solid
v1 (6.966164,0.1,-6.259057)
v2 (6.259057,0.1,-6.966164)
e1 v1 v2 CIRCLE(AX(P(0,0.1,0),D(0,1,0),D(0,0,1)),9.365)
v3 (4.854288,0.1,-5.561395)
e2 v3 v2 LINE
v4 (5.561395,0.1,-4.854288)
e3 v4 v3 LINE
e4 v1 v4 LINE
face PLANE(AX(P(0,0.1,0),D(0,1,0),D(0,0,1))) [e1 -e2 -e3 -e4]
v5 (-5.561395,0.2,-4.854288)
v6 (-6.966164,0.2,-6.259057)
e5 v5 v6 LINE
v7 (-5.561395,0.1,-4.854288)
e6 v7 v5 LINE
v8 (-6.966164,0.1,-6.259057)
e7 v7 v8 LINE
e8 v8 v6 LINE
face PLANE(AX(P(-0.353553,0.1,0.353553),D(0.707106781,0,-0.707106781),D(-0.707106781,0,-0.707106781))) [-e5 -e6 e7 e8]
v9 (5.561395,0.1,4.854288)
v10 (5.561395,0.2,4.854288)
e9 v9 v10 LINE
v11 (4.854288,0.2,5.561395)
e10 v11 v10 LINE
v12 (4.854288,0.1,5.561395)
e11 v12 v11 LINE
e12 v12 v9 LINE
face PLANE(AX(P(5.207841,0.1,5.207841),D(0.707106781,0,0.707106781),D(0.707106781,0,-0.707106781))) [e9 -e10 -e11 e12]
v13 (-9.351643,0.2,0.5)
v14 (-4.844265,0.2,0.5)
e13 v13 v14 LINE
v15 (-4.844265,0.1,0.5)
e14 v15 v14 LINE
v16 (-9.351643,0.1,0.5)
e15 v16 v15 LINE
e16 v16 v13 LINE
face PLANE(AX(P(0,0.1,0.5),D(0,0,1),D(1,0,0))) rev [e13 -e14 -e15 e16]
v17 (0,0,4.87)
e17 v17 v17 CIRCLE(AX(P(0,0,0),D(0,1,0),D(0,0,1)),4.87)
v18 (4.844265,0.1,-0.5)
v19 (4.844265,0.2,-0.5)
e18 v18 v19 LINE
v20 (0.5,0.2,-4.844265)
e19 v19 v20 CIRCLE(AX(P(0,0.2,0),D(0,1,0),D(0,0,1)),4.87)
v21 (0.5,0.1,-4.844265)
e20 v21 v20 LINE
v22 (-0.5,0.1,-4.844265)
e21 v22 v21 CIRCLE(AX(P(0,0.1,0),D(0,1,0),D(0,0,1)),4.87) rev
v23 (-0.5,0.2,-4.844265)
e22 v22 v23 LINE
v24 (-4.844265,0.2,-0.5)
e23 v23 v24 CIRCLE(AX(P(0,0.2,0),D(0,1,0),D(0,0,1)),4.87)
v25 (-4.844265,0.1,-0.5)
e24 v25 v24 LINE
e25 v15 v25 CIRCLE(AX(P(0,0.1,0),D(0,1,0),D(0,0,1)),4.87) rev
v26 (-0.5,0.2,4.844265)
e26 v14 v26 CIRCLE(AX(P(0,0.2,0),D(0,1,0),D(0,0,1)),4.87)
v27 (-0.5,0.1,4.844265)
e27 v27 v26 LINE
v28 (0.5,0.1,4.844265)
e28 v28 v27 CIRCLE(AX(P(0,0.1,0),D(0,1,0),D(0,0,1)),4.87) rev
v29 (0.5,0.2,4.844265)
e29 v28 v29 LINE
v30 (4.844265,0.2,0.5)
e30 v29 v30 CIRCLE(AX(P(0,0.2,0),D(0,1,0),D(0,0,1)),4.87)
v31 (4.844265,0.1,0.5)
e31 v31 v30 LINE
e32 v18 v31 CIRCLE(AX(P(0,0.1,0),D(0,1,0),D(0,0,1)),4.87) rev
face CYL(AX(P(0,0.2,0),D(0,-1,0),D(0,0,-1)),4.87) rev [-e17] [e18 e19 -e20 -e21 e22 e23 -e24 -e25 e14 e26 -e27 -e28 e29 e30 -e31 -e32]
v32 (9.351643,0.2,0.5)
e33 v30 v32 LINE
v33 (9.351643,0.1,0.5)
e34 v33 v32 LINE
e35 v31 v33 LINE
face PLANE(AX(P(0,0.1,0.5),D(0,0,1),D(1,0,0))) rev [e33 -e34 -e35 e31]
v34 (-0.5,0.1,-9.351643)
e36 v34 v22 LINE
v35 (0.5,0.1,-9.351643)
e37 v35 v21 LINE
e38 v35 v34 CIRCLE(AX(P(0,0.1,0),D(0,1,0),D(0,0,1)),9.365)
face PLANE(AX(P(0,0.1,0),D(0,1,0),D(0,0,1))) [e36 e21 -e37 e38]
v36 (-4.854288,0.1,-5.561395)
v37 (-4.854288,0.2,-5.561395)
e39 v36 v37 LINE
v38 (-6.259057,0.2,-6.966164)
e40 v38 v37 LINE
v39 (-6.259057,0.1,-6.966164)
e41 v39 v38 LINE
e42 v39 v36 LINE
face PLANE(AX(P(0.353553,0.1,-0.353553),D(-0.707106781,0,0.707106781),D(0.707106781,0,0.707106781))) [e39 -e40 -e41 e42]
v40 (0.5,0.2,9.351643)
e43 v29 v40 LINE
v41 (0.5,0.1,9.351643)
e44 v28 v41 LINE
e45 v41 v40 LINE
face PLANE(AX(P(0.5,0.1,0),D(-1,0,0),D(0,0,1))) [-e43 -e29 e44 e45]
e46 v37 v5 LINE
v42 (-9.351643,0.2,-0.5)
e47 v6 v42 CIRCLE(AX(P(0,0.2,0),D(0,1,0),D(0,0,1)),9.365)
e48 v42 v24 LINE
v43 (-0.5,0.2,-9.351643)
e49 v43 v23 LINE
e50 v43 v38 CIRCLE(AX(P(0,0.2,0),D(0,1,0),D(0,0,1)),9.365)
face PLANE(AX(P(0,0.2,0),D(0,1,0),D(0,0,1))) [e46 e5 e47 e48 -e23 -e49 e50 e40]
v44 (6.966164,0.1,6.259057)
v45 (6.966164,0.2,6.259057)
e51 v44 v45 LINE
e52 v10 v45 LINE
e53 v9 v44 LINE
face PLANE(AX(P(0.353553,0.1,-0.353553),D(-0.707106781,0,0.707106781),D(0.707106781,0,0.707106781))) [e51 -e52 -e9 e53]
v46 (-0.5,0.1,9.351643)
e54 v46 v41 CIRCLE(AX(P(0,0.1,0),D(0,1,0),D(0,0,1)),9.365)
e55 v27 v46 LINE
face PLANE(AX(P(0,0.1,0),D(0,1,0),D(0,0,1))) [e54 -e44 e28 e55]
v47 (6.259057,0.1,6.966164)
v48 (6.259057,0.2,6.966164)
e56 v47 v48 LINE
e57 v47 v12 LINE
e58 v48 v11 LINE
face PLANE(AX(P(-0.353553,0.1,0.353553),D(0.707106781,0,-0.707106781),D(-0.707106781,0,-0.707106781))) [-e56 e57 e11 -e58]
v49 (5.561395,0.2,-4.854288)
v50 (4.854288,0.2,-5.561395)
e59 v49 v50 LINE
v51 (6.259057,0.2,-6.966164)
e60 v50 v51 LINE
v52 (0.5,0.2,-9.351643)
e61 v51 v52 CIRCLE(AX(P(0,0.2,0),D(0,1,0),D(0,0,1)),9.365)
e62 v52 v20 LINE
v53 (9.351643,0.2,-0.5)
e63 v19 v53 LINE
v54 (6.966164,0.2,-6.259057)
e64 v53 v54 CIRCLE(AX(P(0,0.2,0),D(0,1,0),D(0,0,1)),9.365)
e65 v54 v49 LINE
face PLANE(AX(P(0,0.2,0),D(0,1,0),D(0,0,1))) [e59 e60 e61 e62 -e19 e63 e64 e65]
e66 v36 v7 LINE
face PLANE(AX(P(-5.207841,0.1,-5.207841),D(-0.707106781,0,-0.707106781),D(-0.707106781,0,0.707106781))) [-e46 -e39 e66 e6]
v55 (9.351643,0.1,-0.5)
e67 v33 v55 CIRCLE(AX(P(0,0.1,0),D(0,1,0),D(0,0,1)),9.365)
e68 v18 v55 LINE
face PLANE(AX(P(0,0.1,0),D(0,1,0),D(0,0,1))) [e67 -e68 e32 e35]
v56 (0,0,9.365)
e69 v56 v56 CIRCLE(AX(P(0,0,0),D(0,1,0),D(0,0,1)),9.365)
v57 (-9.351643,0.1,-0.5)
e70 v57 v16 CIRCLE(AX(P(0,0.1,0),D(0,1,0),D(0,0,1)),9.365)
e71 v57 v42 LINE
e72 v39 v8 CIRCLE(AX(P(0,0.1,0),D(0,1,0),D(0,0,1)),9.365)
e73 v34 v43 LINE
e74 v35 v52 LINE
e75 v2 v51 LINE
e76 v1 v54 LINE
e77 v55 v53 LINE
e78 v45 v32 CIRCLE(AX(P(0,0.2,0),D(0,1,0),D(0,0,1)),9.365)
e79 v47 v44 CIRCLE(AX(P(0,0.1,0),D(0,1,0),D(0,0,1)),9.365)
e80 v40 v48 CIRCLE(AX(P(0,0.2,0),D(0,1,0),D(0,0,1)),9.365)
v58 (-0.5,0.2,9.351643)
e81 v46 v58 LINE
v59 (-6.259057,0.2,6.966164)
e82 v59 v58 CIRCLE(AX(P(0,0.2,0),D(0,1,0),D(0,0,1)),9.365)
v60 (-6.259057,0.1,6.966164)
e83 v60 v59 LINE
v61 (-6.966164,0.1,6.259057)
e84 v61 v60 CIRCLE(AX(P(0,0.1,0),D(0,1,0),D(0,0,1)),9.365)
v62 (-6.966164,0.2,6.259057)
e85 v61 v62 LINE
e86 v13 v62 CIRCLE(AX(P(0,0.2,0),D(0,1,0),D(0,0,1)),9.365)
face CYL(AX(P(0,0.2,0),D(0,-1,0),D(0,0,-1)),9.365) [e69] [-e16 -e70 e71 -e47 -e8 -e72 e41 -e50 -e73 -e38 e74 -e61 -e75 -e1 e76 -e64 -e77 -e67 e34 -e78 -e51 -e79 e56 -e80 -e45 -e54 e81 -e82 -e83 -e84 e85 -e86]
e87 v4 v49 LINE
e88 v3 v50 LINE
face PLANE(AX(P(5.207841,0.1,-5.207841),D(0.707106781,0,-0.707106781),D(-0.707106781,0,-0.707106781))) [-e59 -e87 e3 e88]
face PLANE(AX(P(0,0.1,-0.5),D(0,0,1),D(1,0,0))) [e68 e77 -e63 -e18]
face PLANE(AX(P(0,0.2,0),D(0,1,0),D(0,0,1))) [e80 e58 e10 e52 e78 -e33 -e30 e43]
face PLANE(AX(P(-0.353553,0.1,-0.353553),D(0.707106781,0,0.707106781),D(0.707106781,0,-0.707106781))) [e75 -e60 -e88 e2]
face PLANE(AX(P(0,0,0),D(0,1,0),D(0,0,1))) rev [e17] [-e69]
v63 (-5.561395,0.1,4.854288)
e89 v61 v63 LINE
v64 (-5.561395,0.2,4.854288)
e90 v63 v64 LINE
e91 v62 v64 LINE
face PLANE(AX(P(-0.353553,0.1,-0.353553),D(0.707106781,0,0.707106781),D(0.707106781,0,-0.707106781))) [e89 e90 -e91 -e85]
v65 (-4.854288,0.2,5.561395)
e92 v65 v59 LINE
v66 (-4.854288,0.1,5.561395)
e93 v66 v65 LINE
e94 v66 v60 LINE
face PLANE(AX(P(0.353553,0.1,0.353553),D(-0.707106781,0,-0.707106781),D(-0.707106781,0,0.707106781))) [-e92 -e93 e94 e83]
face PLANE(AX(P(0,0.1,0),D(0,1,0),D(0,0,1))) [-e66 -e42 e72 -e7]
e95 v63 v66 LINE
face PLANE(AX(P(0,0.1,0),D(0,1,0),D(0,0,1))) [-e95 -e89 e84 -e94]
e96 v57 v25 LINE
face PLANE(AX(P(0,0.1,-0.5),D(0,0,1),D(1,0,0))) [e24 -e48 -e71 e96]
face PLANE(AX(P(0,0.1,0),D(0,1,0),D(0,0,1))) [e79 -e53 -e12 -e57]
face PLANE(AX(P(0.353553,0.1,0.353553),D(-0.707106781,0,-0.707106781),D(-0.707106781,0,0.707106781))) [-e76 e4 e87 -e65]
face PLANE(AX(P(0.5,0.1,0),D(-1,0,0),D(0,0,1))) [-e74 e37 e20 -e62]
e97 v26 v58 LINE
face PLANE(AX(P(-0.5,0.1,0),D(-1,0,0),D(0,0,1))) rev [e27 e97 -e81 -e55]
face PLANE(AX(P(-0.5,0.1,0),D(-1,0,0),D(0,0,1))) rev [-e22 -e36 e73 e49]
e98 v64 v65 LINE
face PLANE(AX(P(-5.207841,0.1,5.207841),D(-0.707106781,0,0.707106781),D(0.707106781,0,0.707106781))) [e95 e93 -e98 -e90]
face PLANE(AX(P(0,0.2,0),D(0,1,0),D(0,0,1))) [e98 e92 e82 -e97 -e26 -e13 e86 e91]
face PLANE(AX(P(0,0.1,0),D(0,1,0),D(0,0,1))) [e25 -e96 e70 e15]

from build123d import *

# Parameters (mm, degrees)
CROQUIS2_R              = 9.365
CROQUIS2_R_2            = 4.87
SALIENTE_EXTRUIR1_DEPTH = 0.2
CORTAR_EXTRUIR1_DEPTH   = 0.1


with BuildPart() as part:
    # Croquis2 → Saliente-Extruir1 (new body)
    with BuildSketch(Plane(origin=(0, 0, 0), x_dir=(1, 0, 0), z_dir=(0, 1, 0))):
        Circle(CROQUIS2_R)
        Circle(CROQUIS2_R_2, mode=Mode.SUBTRACT)
    extrude(amount=SALIENTE_EXTRUIR1_DEPTH)

    # Croquis3 → Cortar-Extruir1 (cut)
    with BuildSketch(Plane(origin=(0, 0.2, 0), x_dir=(1, 0, 0), z_dir=(0, 1, 0))):
        with BuildLine():
            Line((-0.5, 9.351642904), (-0.5, 4.84426465))
            ThreePointArc((-0.5, 4.84426465), (0, 4.87), (0.5, 4.84426465))
            Line((0.5, 4.84426465), (0.5, 9.351642904))
            ThreePointArc((0.5, 9.351642904), (0.25008919, 9.36166013), (0, 9.365))
            ThreePointArc((0, 9.365), (-0.25008919, 9.36166013), (-0.5, 9.351642904))
        make_face()
        with BuildLine():
            ThreePointArc((0.5, -4.84426465), (0, -4.87), (-0.5, -4.84426465))
            Line((-0.5, -4.84426465), (-0.5, -9.351642904))
            ThreePointArc((-0.5, -9.351642904), (-0.25008919, -9.36166013), (0, -9.365))
            ThreePointArc((0, -9.365), (0.25008919, -9.36166013), (0.5, -9.351642904))
            Line((0.5, -9.351642904), (0.5, -4.84426465))
        make_face()
        with BuildLine():
            Line((-4.84426465, 0.5), (-9.351642904, 0.5))
            ThreePointArc((-9.351642904, 0.5), (-9.36166013, 0.25008919), (-9.365, 0))
            ThreePointArc((-9.365, 0), (-9.36166013, -0.25008919), (-9.351642904, -0.5))
            Line((-9.351642904, -0.5), (-4.84426465, -0.5))
            ThreePointArc((-4.84426465, -0.5), (-4.87, 0), (-4.84426465, 0.5))
        make_face()
        with BuildLine():
            Line((9.351642904, 0.5), (4.84426465, 0.5))
            ThreePointArc((4.84426465, 0.5), (4.863561907, 0.250330935), (4.87, 0))
            ThreePointArc((4.87, 0), (4.863561907, -0.250330935), (4.84426465, -0.5))
            Line((4.84426465, -0.5), (9.351642904, -0.5))
            ThreePointArc((9.351642904, -0.5), (9.36166013, -0.25008919), (9.365, 0))
            ThreePointArc((9.365, 0), (9.36166013, 0.25008919), (9.351642904, 0.5))
        make_face()
        with BuildLine():
            ThreePointArc((6.622055006, 6.622055006), (6.442853599, 6.796533124), (6.259056722, 6.966163503))
            Line((6.259056722, 6.966163503), (4.854288053, 5.561394834))
            Line((4.854288053, 5.561394834), (5.561394834, 4.854288053))
            Line((5.561394834, 4.854288053), (6.966163503, 6.259056722))
            ThreePointArc((6.966163503, 6.259056722), (6.796533124, 6.442853599), (6.622055006, 6.622055006))
        make_face()
        with BuildLine():
            Line((4.854288053, -5.561394834), (6.259056722, -6.966163503))
            ThreePointArc((6.259056722, -6.966163503), (6.442853599, -6.796533124), (6.622055006, -6.622055006))
            ThreePointArc((6.622055006, -6.622055006), (6.796533124, -6.442853599), (6.966163503, -6.259056722))
            Line((6.966163503, -6.259056722), (5.561394834, -4.854288053))
            Line((5.561394834, -4.854288053), (4.854288053, -5.561394834))
        make_face()
        with BuildLine():
            Line((-5.561394834, -4.854288053), (-6.966163503, -6.259056722))
            ThreePointArc((-6.966163503, -6.259056722), (-6.796533124, -6.442853599), (-6.622055006, -6.622055006))
            ThreePointArc((-6.622055006, -6.622055006), (-6.442853599, -6.796533124), (-6.259056722, -6.966163503))
            Line((-6.259056722, -6.966163503), (-4.854288053, -5.561394834))
            Line((-4.854288053, -5.561394834), (-5.561394834, -4.854288053))
        make_face()
        Polygon((-4.854288053, 5.561394834), (-5.561394834, 4.854288053), (-6.975608396, 6.268501615), (-6.268501615, 6.975608396), align=None)
    extrude(amount=-CORTAR_EXTRUIR1_DEPTH, mode=Mode.SUBTRACT)


solid = part.part
